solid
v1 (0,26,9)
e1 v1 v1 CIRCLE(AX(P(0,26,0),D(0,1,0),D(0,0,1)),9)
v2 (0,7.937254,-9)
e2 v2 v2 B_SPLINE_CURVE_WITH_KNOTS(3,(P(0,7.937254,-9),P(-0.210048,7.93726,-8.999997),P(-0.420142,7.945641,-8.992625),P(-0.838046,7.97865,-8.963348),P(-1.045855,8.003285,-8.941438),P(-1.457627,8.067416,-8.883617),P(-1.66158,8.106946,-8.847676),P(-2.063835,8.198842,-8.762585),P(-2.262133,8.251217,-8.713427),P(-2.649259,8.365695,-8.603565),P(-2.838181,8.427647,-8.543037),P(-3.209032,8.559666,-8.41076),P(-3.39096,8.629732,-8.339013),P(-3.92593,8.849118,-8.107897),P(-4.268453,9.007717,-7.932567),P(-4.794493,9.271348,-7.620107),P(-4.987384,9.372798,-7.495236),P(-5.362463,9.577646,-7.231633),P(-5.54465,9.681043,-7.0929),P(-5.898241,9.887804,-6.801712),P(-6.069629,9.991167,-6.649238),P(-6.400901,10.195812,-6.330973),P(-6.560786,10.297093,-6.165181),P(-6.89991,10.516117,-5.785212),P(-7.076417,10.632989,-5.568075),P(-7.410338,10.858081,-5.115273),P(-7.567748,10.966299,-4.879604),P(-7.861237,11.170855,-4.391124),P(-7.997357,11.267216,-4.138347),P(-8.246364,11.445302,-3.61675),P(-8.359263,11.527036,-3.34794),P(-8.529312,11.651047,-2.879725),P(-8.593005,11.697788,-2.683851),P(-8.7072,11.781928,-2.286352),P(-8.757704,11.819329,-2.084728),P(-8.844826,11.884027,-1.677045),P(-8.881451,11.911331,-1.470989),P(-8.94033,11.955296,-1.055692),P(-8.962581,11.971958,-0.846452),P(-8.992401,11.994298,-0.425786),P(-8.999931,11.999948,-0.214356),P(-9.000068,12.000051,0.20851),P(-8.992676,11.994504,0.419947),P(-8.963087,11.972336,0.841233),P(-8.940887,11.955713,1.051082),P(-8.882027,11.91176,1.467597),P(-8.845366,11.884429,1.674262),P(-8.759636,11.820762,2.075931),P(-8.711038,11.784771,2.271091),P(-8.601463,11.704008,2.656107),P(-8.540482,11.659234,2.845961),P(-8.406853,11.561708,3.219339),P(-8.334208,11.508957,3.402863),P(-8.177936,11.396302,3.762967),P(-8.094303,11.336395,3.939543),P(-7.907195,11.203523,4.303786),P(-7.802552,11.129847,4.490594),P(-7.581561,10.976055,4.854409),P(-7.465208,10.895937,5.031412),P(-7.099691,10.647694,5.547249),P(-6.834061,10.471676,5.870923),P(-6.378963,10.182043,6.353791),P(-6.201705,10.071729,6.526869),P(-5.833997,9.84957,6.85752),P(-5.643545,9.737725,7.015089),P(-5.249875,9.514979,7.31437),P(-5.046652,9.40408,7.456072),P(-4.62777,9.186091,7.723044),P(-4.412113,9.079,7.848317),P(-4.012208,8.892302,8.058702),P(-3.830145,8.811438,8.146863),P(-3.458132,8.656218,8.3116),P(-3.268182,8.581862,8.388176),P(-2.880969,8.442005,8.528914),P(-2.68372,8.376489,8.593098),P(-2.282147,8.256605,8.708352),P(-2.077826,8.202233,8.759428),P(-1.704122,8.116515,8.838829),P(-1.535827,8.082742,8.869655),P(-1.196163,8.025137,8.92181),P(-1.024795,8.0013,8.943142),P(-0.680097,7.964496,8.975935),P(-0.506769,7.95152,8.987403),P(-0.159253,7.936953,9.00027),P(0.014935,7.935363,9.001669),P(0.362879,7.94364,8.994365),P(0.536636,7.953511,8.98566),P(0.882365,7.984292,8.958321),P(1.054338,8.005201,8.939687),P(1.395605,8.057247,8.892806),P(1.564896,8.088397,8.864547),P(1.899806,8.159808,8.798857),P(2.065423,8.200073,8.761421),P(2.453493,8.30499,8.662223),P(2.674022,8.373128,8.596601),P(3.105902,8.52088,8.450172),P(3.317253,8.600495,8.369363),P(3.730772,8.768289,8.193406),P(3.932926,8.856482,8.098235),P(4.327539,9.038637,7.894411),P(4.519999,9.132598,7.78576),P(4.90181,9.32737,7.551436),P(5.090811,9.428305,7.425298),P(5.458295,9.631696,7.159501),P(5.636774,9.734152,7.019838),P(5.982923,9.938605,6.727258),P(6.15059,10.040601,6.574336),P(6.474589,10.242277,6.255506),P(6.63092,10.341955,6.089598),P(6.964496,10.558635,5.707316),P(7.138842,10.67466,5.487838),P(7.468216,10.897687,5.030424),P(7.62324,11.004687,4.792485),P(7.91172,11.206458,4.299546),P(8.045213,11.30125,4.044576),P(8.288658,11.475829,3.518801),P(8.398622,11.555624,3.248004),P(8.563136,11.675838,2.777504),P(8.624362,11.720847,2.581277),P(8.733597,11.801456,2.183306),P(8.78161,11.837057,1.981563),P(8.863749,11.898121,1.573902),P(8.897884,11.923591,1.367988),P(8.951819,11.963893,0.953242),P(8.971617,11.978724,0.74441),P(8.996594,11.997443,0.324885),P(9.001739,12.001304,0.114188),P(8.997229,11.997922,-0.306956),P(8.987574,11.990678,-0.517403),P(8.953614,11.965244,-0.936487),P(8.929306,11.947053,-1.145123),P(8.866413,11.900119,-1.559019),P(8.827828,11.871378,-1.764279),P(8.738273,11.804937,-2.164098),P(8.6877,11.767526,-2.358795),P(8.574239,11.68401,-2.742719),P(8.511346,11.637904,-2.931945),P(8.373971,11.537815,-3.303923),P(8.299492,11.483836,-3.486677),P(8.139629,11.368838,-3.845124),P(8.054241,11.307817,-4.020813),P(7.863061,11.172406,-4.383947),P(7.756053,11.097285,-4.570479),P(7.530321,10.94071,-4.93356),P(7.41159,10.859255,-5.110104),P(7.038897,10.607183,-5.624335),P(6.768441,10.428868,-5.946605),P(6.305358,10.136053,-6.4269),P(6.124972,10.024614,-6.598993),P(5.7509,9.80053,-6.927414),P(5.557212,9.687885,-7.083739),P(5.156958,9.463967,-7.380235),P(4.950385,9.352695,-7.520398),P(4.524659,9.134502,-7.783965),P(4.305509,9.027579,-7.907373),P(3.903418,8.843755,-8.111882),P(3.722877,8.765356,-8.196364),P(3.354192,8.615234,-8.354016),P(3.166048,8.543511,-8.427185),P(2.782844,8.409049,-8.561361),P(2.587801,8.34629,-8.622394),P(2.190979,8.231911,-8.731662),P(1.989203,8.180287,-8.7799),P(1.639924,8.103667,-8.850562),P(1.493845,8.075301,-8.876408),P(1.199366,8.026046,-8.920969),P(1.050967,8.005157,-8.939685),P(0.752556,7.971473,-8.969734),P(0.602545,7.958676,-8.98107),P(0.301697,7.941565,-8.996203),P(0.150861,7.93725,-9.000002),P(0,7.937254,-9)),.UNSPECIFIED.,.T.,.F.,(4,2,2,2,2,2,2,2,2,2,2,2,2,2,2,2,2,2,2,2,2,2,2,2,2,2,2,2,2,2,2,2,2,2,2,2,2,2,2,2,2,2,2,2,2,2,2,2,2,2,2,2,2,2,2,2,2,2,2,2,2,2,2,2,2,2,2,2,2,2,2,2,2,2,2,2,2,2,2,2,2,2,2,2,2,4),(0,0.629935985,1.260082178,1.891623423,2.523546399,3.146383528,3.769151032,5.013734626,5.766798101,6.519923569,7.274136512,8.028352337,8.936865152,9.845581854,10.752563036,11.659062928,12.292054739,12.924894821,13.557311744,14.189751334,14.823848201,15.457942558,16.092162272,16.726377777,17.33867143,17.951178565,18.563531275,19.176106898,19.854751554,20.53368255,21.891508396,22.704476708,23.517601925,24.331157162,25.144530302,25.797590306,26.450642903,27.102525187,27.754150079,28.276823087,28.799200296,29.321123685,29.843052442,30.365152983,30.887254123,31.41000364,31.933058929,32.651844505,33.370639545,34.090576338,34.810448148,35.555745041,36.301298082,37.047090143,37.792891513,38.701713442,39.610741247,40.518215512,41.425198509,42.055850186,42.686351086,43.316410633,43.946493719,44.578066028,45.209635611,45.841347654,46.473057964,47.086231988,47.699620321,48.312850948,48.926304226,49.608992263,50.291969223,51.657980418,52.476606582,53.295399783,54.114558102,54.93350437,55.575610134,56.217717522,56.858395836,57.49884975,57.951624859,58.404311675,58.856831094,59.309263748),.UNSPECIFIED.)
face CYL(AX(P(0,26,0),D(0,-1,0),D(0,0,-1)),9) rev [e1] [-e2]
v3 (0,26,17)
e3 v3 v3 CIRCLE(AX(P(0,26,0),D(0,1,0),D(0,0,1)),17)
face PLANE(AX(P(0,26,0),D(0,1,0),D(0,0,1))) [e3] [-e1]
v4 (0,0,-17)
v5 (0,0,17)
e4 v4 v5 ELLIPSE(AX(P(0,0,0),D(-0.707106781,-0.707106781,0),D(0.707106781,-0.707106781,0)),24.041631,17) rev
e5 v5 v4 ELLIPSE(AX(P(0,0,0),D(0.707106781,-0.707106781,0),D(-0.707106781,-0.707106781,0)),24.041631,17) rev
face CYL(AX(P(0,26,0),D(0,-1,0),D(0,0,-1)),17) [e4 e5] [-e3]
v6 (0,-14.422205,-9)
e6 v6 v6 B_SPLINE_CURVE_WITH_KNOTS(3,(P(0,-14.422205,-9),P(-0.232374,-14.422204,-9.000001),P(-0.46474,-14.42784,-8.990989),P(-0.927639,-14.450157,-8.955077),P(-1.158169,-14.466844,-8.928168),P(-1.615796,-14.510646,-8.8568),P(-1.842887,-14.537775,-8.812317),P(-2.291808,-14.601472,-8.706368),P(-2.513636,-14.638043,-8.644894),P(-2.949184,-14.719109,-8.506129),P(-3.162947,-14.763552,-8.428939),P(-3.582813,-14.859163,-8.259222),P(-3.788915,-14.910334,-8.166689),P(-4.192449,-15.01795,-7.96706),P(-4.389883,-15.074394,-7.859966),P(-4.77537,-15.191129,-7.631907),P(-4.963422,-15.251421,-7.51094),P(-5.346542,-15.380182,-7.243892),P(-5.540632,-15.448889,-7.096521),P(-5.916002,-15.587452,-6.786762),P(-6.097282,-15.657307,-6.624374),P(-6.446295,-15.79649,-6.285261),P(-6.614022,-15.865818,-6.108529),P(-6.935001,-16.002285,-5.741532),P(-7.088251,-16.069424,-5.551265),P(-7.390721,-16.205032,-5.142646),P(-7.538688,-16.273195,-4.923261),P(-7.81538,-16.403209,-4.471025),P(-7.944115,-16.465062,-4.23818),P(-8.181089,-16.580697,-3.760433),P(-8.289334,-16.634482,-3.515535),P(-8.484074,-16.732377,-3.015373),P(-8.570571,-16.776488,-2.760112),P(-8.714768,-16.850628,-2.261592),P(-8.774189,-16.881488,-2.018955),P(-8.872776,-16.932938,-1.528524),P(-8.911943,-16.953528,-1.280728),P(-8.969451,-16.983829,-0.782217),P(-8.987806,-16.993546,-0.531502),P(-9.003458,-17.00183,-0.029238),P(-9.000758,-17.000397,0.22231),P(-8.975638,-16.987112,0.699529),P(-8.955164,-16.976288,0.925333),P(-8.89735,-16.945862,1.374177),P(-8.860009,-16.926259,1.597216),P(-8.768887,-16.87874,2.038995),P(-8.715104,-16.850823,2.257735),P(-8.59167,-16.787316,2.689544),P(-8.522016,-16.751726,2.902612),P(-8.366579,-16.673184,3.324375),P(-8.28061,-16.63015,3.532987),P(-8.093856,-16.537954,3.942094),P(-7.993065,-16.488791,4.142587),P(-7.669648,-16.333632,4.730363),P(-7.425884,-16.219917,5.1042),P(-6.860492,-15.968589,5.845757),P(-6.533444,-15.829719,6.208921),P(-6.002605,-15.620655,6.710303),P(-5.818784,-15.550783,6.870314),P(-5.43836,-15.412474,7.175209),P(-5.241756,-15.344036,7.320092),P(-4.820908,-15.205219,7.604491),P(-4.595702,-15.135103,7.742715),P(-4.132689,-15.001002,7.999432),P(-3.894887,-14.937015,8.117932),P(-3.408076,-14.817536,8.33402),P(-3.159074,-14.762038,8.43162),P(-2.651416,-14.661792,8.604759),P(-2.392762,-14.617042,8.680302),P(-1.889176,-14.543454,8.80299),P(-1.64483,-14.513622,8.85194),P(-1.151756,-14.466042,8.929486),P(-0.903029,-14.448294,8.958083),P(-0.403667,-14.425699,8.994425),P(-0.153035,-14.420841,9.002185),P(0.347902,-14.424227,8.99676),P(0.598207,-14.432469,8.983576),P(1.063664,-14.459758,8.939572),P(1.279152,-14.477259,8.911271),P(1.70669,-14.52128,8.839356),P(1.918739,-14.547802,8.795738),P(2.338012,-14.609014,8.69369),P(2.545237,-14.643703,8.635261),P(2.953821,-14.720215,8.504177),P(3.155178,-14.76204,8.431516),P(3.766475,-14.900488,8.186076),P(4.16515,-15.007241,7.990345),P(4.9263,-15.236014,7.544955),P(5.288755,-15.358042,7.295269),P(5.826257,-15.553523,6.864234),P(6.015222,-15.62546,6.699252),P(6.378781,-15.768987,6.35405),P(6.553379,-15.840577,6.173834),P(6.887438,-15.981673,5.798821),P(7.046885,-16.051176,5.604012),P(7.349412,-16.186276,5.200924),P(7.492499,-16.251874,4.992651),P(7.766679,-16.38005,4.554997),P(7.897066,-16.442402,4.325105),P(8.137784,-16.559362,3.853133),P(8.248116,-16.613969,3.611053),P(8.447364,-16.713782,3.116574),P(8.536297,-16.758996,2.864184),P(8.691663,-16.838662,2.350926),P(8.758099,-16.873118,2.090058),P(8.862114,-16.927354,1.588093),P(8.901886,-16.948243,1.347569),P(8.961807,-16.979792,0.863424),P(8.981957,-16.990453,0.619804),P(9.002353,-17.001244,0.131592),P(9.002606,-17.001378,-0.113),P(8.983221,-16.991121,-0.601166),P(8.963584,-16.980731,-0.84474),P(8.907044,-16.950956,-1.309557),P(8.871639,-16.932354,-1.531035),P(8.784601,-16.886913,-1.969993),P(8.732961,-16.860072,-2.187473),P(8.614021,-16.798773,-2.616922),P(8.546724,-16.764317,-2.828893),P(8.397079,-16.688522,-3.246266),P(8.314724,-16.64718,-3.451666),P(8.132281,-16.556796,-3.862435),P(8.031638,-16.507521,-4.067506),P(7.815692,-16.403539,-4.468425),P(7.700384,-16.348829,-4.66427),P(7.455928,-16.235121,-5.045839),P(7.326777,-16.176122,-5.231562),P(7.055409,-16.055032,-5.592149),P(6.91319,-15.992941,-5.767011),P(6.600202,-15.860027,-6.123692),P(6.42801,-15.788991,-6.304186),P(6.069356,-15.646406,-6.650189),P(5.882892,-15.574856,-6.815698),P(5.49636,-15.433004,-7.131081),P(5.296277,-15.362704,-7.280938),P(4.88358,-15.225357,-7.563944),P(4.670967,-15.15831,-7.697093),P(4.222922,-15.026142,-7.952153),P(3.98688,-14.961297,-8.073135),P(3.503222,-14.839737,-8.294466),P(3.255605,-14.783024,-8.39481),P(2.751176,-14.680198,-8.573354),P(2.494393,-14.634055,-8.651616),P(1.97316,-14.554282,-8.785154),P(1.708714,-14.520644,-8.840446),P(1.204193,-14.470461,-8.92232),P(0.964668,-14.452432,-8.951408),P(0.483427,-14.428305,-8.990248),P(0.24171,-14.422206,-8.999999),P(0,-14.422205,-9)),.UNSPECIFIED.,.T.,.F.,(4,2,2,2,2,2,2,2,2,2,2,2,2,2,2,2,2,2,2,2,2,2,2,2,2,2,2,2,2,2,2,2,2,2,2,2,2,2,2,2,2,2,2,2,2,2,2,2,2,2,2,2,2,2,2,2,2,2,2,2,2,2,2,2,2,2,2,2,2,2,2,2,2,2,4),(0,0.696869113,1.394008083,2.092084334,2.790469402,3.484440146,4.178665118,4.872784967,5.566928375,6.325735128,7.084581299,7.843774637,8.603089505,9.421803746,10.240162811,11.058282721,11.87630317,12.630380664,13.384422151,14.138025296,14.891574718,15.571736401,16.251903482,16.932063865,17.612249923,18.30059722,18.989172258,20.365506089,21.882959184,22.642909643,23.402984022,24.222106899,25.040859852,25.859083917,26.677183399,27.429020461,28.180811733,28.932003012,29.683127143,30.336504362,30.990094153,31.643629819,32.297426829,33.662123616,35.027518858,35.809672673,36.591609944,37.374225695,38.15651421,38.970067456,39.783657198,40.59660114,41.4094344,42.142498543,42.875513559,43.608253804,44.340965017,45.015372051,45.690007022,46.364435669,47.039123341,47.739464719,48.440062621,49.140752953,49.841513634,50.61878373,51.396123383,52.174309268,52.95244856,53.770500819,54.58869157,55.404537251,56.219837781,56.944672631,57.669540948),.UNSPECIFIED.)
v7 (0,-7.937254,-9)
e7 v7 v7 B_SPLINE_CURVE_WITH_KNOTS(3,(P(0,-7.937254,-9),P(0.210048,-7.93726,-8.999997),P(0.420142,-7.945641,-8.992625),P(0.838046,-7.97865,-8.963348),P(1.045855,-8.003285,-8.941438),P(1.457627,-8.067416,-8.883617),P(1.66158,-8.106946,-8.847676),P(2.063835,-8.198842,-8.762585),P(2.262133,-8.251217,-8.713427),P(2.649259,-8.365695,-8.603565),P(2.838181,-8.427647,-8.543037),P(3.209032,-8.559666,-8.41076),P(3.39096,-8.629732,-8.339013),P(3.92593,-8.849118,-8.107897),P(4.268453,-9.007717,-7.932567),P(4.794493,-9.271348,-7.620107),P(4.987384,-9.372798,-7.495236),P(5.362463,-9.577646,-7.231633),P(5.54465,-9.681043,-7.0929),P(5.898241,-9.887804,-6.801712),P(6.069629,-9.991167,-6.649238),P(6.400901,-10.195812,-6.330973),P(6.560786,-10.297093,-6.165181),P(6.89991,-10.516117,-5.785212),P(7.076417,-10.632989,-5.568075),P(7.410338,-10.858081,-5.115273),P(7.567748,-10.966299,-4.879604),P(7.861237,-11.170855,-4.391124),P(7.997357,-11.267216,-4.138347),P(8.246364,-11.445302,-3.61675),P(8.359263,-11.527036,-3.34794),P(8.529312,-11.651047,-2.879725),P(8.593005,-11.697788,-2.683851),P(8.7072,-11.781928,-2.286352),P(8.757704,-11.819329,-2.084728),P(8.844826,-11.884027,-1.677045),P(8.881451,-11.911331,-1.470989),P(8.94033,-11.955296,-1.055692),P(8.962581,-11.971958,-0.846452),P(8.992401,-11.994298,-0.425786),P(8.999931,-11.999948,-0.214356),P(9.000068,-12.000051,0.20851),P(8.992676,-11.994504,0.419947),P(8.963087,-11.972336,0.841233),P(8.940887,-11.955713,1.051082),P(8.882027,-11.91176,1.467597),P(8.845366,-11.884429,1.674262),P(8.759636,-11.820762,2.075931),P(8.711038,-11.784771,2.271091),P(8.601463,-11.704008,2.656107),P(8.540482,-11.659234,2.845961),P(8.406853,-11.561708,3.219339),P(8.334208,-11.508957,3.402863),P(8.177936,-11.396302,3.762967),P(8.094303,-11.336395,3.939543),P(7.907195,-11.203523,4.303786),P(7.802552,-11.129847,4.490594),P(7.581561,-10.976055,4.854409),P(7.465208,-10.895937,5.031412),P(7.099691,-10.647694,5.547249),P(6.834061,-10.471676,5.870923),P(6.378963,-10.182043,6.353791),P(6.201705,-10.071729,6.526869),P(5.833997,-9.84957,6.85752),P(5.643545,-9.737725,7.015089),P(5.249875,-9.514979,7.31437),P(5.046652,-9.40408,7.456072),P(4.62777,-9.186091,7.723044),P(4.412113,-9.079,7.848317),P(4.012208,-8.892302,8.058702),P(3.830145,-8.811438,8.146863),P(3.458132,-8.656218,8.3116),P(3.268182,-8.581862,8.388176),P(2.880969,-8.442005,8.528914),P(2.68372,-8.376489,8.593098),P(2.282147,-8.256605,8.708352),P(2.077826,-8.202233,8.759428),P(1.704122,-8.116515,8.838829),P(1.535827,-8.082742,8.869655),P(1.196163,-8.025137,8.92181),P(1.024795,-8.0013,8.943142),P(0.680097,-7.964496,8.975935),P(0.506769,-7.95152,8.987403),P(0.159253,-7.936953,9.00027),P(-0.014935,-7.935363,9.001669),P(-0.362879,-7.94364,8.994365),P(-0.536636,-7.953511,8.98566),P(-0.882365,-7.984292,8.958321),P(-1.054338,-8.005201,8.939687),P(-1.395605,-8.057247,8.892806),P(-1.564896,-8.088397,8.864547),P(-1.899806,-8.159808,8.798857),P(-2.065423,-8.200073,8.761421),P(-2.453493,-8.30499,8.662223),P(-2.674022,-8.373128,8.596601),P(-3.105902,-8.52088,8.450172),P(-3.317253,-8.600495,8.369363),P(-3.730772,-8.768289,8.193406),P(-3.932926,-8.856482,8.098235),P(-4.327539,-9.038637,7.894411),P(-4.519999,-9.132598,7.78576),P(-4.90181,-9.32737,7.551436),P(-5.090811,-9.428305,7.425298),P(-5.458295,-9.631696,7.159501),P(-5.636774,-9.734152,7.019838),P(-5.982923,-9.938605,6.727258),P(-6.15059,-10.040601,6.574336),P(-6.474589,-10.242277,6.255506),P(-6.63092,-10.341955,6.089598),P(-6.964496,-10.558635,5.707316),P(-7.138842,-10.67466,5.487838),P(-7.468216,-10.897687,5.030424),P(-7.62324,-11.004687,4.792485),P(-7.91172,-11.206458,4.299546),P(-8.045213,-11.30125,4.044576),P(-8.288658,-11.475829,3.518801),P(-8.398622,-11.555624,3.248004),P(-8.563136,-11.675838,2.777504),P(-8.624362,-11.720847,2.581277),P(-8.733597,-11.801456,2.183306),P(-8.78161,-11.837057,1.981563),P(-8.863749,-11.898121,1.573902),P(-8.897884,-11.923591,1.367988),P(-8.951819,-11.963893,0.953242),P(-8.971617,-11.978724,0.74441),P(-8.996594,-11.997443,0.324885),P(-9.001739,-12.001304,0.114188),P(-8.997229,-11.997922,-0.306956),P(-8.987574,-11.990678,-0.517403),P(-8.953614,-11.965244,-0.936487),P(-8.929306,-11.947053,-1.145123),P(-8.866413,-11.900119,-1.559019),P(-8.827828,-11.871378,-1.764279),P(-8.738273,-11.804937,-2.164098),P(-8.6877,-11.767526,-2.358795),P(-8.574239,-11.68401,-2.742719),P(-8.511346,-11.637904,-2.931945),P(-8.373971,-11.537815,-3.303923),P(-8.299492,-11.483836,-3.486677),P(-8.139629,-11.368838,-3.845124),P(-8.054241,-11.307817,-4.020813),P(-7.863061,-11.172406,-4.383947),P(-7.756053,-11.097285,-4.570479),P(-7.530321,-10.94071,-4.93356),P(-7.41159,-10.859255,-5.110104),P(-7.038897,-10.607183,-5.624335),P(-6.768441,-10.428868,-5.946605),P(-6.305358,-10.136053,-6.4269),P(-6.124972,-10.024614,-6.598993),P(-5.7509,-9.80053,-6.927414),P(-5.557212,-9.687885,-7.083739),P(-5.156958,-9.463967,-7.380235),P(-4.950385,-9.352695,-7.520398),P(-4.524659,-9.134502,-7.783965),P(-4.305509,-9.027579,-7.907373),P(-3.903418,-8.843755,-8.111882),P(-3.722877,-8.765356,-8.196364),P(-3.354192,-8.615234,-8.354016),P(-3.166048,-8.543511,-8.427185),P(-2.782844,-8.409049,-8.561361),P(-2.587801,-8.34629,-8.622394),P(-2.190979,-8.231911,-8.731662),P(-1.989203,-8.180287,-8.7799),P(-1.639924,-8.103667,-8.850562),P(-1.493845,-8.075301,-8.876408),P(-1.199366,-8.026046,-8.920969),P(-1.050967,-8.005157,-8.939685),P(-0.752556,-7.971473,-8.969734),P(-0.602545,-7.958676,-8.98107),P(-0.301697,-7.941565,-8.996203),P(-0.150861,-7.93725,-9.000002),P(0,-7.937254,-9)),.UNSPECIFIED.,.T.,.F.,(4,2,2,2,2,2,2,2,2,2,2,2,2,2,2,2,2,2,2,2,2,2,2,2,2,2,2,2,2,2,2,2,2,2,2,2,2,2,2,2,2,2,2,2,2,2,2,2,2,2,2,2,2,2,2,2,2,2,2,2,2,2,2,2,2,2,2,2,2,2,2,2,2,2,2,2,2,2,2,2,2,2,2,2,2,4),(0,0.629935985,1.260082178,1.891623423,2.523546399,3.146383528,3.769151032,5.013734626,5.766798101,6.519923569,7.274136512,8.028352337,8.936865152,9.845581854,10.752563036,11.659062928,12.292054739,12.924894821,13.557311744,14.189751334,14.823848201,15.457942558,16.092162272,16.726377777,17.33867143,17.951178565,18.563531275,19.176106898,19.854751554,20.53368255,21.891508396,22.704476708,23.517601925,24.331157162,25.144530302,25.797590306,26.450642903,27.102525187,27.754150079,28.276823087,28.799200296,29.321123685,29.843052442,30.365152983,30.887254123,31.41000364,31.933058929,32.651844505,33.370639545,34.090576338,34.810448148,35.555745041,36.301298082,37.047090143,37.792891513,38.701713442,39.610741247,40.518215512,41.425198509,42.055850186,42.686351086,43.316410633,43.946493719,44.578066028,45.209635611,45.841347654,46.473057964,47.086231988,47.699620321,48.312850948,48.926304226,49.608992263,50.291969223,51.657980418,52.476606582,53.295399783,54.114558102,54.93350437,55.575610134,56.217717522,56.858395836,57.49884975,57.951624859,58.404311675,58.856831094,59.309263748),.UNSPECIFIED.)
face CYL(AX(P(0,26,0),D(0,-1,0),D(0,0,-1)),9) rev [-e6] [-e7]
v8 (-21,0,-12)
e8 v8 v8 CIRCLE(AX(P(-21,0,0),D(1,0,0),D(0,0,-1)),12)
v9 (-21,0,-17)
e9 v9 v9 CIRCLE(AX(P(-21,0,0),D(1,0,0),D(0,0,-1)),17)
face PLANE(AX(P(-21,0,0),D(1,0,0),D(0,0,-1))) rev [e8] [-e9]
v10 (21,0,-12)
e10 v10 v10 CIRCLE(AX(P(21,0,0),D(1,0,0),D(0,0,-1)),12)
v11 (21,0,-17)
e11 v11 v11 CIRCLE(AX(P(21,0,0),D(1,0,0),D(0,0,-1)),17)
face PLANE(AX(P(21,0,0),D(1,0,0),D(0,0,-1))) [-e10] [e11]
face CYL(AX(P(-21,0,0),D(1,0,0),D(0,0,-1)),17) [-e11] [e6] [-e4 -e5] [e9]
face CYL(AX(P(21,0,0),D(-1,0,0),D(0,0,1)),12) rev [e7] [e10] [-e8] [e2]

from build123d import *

# Parameters (mm, degrees)
SKETCH_1_R               = 17
EXTRUDE_1_DEPTH          = 26
EXTRUDE_2_DEPTH          = 21
EXTRUDE_2_DEPTH_BACK     = 21
SKETCH_2_R               = 17
CUT_EXTRUDE_2_DEPTH      = 21
CUT_EXTRUDE_2_DEPTH_BACK = 21
SKETCH_4_R               = 12
CUT_EXTRUDE_3_DEPTH      = 26
CUT_EXTRUDE_3_DEPTH_BACK = 17
SKETCH_5_R               = 9


with BuildPart() as part:
    # 草图1 → 凸台-拉伸1 (new body)
    with BuildSketch(Plane(origin=(0, 0, 0), x_dir=(1, 0, 0), z_dir=(0, 1, 0))):
        Circle(SKETCH_1_R)
    extrude(amount=EXTRUDE_1_DEPTH)

    # 草图2 → 凸台-拉伸2 (add, two sides: drawn at the far end of the back side and taken through both)
    with BuildSketch(Plane(origin=(0, 0, 0), x_dir=(0, 0, -1), z_dir=(1, 0, 0)).offset(-EXTRUDE_2_DEPTH_BACK)):
        Circle(SKETCH_2_R)
    extrude(amount=EXTRUDE_2_DEPTH + EXTRUDE_2_DEPTH_BACK)

    # 草图4 → 切除-拉伸2 (cut, two sides: drawn at the far end of the back side and taken through both)
    with BuildSketch(Plane(origin=(0, 0, 0), x_dir=(0, 0, -1), z_dir=(1, 0, 0)).offset(-CUT_EXTRUDE_2_DEPTH_BACK)):
        Circle(SKETCH_4_R)
    extrude(amount=CUT_EXTRUDE_2_DEPTH + CUT_EXTRUDE_2_DEPTH_BACK, mode=Mode.SUBTRACT)

    # 草图5 → 切除-拉伸3 (cut, two sides: drawn at the far end of the back side and taken through both)
    with BuildSketch(Plane(origin=(0, 0, 0), x_dir=(1, 0, 0), z_dir=(0, 1, 0)).offset(-CUT_EXTRUDE_3_DEPTH_BACK)):
        Circle(SKETCH_5_R)
    extrude(amount=CUT_EXTRUDE_3_DEPTH + CUT_EXTRUDE_3_DEPTH_BACK, mode=Mode.SUBTRACT)


solid = part.part
